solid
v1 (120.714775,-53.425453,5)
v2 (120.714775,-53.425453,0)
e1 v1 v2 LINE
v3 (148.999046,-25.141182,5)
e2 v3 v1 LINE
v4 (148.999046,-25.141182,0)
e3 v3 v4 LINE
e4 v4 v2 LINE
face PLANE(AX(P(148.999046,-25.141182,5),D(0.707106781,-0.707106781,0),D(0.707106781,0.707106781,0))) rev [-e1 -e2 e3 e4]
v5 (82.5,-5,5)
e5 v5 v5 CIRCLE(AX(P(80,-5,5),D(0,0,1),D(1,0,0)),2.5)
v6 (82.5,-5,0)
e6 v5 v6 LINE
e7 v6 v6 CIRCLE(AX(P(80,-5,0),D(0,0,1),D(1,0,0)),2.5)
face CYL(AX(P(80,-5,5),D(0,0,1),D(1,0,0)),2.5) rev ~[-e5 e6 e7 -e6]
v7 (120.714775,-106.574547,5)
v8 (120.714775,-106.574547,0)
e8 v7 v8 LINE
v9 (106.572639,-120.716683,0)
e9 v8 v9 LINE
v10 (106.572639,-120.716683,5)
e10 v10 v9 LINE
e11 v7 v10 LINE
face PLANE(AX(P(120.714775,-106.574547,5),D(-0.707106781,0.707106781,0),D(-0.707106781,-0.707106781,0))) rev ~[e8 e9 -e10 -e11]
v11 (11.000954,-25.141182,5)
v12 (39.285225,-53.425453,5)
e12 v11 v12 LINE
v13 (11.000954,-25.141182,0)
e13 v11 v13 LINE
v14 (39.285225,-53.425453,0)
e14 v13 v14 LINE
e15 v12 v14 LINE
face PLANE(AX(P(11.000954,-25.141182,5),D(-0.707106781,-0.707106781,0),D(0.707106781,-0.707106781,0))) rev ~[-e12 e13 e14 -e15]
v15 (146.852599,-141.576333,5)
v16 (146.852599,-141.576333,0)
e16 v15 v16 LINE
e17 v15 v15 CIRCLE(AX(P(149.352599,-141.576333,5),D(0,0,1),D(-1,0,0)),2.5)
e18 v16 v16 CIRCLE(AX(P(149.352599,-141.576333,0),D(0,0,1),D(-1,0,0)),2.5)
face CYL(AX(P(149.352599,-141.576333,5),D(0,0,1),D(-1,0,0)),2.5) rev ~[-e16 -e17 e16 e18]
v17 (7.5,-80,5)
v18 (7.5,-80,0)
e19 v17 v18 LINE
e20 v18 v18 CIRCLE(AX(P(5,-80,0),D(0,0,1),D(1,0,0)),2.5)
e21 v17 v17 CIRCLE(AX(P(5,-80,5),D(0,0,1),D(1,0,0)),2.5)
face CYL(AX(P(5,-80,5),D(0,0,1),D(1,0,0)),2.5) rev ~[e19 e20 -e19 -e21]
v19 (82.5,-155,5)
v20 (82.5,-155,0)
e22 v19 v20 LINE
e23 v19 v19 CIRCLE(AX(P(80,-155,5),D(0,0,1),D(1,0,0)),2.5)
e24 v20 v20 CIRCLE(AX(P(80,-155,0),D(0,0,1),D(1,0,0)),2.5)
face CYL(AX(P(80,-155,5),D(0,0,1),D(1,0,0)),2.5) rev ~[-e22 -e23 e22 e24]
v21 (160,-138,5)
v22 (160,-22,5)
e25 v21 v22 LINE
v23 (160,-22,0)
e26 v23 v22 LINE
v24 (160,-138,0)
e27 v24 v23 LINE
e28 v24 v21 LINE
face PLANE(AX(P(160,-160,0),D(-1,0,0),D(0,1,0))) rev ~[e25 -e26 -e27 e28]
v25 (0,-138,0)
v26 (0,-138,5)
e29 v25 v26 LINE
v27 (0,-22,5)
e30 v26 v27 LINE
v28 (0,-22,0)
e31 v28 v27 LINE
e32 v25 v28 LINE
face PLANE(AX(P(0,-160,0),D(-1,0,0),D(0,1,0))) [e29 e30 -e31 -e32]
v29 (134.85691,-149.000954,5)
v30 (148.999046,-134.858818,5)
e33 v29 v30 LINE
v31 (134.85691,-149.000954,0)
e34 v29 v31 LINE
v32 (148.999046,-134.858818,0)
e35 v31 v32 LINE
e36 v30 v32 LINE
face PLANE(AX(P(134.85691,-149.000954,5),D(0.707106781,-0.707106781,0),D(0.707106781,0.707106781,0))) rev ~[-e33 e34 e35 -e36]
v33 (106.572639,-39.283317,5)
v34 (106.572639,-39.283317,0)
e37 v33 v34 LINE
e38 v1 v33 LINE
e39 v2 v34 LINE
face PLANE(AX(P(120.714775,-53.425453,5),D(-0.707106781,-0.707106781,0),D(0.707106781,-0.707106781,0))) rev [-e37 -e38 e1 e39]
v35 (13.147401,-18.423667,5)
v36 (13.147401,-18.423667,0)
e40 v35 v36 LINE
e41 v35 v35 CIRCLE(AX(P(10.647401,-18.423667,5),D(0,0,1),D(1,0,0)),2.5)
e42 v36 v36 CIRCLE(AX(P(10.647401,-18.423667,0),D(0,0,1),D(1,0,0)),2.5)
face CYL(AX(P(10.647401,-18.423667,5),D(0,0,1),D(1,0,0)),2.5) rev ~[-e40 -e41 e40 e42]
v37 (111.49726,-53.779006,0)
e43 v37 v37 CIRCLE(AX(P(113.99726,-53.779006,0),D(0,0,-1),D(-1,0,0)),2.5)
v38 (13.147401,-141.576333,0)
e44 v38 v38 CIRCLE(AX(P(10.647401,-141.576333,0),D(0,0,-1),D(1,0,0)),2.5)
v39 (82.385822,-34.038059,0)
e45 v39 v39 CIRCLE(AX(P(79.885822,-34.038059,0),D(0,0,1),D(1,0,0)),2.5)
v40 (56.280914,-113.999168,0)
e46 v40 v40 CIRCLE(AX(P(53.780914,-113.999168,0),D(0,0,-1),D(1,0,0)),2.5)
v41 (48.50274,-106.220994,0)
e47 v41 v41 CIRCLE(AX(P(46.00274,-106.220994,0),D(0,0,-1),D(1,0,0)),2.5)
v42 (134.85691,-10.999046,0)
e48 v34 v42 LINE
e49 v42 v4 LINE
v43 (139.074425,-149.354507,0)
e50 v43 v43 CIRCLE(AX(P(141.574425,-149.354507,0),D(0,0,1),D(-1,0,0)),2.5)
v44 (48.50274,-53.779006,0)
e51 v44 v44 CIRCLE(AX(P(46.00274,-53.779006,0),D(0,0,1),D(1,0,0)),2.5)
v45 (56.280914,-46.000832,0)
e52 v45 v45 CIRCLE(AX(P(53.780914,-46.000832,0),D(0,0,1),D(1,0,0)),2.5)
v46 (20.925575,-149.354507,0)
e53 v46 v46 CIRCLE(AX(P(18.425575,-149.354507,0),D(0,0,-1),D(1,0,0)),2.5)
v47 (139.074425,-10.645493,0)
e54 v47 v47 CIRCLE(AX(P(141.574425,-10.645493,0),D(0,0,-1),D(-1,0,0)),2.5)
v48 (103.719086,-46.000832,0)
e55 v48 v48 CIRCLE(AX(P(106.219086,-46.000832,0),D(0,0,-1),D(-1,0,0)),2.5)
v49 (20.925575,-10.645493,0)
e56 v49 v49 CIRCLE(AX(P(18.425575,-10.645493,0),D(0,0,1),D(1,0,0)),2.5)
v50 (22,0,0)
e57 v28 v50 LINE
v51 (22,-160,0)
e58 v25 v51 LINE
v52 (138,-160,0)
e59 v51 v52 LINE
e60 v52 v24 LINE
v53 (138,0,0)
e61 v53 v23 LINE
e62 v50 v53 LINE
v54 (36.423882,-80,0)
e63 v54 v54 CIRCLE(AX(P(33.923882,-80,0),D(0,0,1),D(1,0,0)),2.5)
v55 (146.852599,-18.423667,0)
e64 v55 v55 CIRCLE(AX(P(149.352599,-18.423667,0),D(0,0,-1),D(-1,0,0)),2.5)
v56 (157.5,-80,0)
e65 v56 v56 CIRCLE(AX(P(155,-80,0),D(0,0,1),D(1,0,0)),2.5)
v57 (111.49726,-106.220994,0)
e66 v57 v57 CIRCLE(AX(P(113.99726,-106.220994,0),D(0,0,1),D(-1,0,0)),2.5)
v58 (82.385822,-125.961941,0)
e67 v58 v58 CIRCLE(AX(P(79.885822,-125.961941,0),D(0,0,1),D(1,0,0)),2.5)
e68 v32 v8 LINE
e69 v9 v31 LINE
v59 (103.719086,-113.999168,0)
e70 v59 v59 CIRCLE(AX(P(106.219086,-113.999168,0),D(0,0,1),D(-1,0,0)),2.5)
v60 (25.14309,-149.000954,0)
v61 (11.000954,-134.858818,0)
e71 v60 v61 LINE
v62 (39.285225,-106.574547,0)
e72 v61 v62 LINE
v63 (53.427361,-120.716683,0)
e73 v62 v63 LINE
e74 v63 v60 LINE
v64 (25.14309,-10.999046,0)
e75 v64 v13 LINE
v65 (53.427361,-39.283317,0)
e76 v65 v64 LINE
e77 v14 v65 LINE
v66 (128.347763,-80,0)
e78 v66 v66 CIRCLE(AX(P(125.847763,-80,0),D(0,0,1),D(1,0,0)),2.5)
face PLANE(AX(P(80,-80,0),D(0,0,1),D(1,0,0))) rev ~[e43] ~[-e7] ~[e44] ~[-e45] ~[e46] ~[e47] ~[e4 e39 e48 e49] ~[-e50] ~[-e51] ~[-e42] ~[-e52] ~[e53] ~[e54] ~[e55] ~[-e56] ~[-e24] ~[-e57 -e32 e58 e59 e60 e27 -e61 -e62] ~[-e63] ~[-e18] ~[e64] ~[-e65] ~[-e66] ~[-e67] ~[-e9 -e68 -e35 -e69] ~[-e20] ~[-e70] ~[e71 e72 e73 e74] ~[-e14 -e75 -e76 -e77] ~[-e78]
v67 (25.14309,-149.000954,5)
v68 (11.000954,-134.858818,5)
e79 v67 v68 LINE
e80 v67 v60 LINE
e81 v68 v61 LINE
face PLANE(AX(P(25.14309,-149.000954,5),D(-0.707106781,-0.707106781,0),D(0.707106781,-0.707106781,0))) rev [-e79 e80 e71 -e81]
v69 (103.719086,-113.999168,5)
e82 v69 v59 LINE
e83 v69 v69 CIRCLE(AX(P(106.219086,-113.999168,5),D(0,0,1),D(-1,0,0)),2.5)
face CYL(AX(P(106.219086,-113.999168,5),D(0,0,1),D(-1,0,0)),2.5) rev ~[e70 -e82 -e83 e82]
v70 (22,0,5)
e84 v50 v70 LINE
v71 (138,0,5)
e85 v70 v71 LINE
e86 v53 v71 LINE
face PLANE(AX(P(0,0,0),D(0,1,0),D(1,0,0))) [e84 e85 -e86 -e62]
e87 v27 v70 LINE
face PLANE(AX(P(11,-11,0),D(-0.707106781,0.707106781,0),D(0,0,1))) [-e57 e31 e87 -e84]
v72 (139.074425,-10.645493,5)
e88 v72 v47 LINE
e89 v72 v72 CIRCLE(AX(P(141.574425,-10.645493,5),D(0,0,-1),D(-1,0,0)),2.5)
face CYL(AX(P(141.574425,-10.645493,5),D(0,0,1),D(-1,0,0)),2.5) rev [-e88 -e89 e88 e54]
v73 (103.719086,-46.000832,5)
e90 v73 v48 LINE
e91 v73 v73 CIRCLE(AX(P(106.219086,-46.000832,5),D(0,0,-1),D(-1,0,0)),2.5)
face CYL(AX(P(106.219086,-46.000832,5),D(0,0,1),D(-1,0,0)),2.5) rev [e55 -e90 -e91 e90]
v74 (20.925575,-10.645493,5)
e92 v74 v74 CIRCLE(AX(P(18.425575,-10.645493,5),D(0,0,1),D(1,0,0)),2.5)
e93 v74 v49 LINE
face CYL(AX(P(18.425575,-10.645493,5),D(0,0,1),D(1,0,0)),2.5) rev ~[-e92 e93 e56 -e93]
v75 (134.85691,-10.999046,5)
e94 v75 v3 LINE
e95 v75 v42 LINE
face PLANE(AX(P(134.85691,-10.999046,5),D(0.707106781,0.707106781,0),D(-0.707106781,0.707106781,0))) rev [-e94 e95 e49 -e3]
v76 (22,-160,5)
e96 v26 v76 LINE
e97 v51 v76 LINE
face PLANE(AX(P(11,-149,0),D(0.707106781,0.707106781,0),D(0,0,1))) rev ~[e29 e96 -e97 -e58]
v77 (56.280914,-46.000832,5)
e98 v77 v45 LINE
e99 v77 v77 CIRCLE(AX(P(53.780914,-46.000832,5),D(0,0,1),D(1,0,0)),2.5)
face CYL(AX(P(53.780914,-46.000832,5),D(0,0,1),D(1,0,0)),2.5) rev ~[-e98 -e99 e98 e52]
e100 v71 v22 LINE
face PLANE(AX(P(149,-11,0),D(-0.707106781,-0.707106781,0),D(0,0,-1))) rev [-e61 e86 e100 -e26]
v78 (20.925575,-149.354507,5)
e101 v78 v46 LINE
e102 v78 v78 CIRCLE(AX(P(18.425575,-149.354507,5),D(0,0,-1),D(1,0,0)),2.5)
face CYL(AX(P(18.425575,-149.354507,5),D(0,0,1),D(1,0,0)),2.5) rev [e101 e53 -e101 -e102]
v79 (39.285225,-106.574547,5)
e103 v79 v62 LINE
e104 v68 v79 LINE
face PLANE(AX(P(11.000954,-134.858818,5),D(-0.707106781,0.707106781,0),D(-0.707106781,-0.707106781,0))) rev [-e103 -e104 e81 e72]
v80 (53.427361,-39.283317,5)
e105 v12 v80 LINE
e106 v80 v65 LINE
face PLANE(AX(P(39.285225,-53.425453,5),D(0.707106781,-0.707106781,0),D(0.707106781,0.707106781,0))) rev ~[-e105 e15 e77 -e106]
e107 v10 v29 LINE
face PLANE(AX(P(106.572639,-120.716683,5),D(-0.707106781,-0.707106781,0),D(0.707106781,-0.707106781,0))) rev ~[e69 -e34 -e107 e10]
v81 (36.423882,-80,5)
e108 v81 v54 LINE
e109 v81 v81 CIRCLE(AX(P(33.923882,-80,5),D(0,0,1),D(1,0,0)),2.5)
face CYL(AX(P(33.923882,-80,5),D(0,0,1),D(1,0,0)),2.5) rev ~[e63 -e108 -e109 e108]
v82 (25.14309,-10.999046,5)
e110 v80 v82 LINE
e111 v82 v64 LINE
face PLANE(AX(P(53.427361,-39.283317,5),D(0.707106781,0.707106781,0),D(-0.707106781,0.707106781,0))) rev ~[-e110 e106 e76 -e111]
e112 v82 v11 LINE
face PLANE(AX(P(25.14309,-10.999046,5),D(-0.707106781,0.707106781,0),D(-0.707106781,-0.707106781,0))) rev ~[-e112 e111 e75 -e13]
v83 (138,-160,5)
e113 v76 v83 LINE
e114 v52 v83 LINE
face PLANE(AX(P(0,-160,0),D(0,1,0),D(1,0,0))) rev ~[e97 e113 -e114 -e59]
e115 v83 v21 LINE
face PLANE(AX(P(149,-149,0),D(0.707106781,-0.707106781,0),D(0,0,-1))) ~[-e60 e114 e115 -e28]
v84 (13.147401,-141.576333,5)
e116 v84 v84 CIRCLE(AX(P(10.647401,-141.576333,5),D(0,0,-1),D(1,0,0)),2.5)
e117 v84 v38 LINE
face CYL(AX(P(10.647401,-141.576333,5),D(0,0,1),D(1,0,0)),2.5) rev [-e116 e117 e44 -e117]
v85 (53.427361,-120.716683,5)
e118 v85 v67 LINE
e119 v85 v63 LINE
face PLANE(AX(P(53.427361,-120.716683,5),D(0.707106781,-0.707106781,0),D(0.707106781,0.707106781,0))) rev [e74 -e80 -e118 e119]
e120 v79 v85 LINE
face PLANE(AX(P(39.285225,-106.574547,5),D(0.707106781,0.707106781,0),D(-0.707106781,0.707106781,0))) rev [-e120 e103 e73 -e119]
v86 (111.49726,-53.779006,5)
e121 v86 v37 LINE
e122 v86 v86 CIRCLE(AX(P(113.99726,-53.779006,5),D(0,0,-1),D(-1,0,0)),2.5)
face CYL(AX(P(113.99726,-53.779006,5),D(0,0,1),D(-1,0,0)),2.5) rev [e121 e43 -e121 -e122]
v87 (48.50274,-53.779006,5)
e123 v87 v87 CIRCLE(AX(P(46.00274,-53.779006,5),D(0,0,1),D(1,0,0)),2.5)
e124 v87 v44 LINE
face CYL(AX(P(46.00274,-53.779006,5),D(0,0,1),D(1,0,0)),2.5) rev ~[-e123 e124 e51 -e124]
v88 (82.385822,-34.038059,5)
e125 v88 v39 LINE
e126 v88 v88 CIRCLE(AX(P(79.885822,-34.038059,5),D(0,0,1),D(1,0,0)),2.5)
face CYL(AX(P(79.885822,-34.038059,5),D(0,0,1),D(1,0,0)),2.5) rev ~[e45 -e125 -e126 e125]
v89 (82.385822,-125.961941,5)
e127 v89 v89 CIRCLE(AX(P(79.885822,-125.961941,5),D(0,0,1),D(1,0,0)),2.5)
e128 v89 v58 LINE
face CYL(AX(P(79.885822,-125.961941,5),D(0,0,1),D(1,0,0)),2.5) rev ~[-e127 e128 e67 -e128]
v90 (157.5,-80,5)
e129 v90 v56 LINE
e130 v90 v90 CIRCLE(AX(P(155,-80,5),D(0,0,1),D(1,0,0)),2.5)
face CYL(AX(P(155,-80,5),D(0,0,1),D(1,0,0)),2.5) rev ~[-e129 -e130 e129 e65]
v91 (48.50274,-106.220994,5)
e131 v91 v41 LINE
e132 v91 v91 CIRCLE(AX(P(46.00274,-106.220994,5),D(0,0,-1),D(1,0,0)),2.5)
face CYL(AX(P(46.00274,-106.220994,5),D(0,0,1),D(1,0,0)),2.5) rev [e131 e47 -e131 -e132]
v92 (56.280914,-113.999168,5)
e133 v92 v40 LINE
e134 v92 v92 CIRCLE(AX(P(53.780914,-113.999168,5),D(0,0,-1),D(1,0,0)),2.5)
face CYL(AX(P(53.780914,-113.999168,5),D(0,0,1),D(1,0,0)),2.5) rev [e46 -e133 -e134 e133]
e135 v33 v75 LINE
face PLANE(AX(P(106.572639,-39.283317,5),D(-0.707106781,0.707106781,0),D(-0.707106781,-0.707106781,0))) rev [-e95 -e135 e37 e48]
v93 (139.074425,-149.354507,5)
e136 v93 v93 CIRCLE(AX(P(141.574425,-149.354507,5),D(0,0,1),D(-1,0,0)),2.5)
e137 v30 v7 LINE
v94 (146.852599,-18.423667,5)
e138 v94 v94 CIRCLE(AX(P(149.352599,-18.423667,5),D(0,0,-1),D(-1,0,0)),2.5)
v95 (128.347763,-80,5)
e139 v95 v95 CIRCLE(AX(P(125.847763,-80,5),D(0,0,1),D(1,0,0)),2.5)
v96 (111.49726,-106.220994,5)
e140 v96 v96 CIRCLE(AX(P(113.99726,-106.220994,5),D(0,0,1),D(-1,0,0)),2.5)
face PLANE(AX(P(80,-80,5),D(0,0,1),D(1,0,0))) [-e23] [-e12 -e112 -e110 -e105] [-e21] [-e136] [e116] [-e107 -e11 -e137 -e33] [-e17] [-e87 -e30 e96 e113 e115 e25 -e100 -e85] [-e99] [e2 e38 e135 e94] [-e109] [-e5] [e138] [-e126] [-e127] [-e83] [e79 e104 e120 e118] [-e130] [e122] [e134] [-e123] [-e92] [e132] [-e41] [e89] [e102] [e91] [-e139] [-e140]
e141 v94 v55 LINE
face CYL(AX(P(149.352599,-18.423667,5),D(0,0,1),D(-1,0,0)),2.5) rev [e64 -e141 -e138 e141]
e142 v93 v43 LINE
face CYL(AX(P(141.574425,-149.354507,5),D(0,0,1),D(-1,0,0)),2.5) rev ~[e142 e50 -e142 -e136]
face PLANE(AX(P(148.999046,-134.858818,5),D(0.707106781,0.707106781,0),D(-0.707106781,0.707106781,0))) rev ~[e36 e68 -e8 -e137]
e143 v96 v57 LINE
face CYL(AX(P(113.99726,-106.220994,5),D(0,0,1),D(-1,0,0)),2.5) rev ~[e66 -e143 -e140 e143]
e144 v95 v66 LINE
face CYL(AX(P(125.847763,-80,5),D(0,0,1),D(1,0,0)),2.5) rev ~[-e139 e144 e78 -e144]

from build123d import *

# Parameters (mm, degrees)
ESQUISSE1_W               = 160
ESQUISSE1_H               = 160
BOSS_EXTRU_1_DEPTH        = 5
CHANFREIN3_SIZE           = 22
CHANFREIN4_SIZE           = 22
ENL_V_MAT_EXTRU_1_DEPTH   = 5
SYM_TRIE2_COPY_1_DEPTH    = 5
ESQUISSE8_R               = 2.5
ENL_V_MAT_EXTRU_2_DEPTH   = 5
SYM_TRIE4_COPY_1_SKETCH_R = 2.5
SYM_TRIE4_COPY_1_DEPTH    = 5
ESQUISSE9_R               = 2.5
ENL_V_MAT_EXTRU_3_DEPTH   = 5
SYM_TRIE6_COPY_1_SKETCH_R = 2.5
SYM_TRIE6_COPY_1_DEPTH    = 5
ESQUISSE10_R              = 2.5
ENL_V_MAT_EXTRU_4_DEPTH   = 10
ESQUISSE12_R              = 2.5
ENL_V_MAT_EXTRU_5_DEPTH   = 10


with BuildPart() as part:
    # Esquisse1 → Boss.-Extru.1 (new body)
    with BuildSketch(Plane.XY):
        with Locations((80, -80)):
            Rectangle(ESQUISSE1_W, ESQUISSE1_H)
    extrude(amount=BOSS_EXTRU_1_DEPTH)

    # Chanfrein3
    chanfrein3_edges = [part.edges().sort_by_distance(p)[0] for p in [
        (0, 0, 2.5),
    ]]
    chamfer(chanfrein3_edges, length=CHANFREIN3_SIZE)

    # Chanfrein4
    chanfrein4_edges = [part.edges().sort_by_distance(p)[0] for p in [
        (160, 0, 2.5),
        (160, -160, 2.5),
        (0, -160, 2.5),
    ]]
    chamfer(chanfrein4_edges, length=CHANFREIN4_SIZE)

    # Esquisse3 → Enlèv. mat.-Extru.1 (cut)
    with BuildSketch(Plane.XY.offset(5)):
        Polygon((25.143089642, -10.999045981), (11.000954019, -25.141181605), (39.285225266, -53.425452853), (53.42736089, -39.283317229), align=None)
    enl_v_mat_extru_1 = extrude(amount=-ENL_V_MAT_EXTRU_1_DEPTH, mode=Mode.SUBTRACT)

    # Symétrie1: Enlèv. mat.-Extru.1 across plane
    add(enl_v_mat_extru_1.mirror(Plane.ZX.offset(-80)), mode=Mode.SUBTRACT)

    # Symétrie2: Enlèv. mat.-Extru.1 across plane
    add(enl_v_mat_extru_1.mirror(Plane(origin=(80, 0, 0), x_dir=(0, 0, 1), z_dir=(1, 0, 0))), mode=Mode.SUBTRACT)

    # Symétrie2 copy 1 sketch → Symétrie2 copy 1 (cut)
    with BuildSketch(Plane(origin=(160, -160, 5), x_dir=(-1, 0, 0), z_dir=(0, 0, 1))):
        Polygon((25.143089642, -10.999045981), (11.000954019, -25.141181605), (39.285225266, -53.425452853), (53.42736089, -39.283317229), align=None)
    extrude(amount=-SYM_TRIE2_COPY_1_DEPTH, mode=Mode.SUBTRACT)

    # Esquisse8 → Enlèv. mat.-Extru.2 (cut)
    with BuildSketch(Plane.XY.offset(5)):
        with Locations((10.647400628, -18.423667184)):
            Circle(ESQUISSE8_R)
        with Locations((18.425575221, -10.645492591)):
            Circle(ESQUISSE8_R)
    enl_v_mat_extru_2 = extrude(amount=-ENL_V_MAT_EXTRU_2_DEPTH, mode=Mode.SUBTRACT)

    # Symétrie3: Enlèv. mat.-Extru.2 across plane
    add(enl_v_mat_extru_2.mirror(Plane.ZX.offset(-80)), mode=Mode.SUBTRACT)

    # Symétrie4: Enlèv. mat.-Extru.2 across plane
    add(enl_v_mat_extru_2.mirror(Plane(origin=(80, 0, 0), x_dir=(0, 0, 1), z_dir=(1, 0, 0))), mode=Mode.SUBTRACT)

    # Symétrie4 copy 1 sketch → Symétrie4 copy 1 (cut)
    with BuildSketch(Plane(origin=(160, -160, 5), x_dir=(-1, 0, 0), z_dir=(0, 0, 1))):
        with Locations((10.647400628, -18.423667184)):
            Circle(SYM_TRIE4_COPY_1_SKETCH_R)
        with Locations((18.425575221, -10.645492591)):
            Circle(SYM_TRIE4_COPY_1_SKETCH_R)
    extrude(amount=-SYM_TRIE4_COPY_1_DEPTH, mode=Mode.SUBTRACT)

    # Esquisse9 → Enlèv. mat.-Extru.3 (cut)
    with BuildSketch(Plane.XY.offset(5)):
        with Locations((53.78091428, -46.00083165)):
            Circle(ESQUISSE9_R)
        with Locations((46.002739687, -53.779006243)):
            Circle(ESQUISSE9_R)
    enl_v_mat_extru_3 = extrude(amount=-ENL_V_MAT_EXTRU_3_DEPTH, mode=Mode.SUBTRACT)

    # Symétrie5: Enlèv. mat.-Extru.3 across plane
    add(enl_v_mat_extru_3.mirror(Plane.ZX.offset(-80)), mode=Mode.SUBTRACT)

    # Symétrie6: Enlèv. mat.-Extru.3 across plane
    add(enl_v_mat_extru_3.mirror(Plane(origin=(80, 0, 0), x_dir=(0, 0, 1), z_dir=(1, 0, 0))), mode=Mode.SUBTRACT)

    # Symétrie6 copy 1 sketch → Symétrie6 copy 1 (cut)
    with BuildSketch(Plane(origin=(160, -160, 5), x_dir=(-1, 0, 0), z_dir=(0, 0, 1))):
        with Locations((53.78091428, -46.00083165)):
            Circle(SYM_TRIE6_COPY_1_SKETCH_R)
        with Locations((46.002739687, -53.779006243)):
            Circle(SYM_TRIE6_COPY_1_SKETCH_R)
    extrude(amount=-SYM_TRIE6_COPY_1_DEPTH, mode=Mode.SUBTRACT)

    # Esquisse10 → Enlèv. mat.-Extru.4 (cut)
    with BuildSketch(Plane.XY.offset(5)):
        with Locations((79.885822331, -34.038059223)):
            Circle(ESQUISSE10_R)
        with Locations((33.923881554, -80)):
            Circle(ESQUISSE10_R)
        with Locations((79.885822331, -125.961940777)):
            Circle(ESQUISSE10_R)
        with Locations((125.847763109, -80)):
            Circle(ESQUISSE10_R)
    extrude(amount=-ENL_V_MAT_EXTRU_4_DEPTH, mode=Mode.SUBTRACT)

    # Esquisse12 → Enlèv. mat.-Extru.5 (cut)
    with BuildSketch(Plane.XY.offset(5)):
        with Locations((5, -80)):
            Circle(ESQUISSE12_R)
        with Locations((155, -80)):
            Circle(ESQUISSE12_R)
        with Locations((80, -155)):
            Circle(ESQUISSE12_R)
        with Locations((80, -5)):
            Circle(ESQUISSE12_R)
    extrude(amount=-ENL_V_MAT_EXTRU_5_DEPTH, mode=Mode.SUBTRACT)


solid = part.part
